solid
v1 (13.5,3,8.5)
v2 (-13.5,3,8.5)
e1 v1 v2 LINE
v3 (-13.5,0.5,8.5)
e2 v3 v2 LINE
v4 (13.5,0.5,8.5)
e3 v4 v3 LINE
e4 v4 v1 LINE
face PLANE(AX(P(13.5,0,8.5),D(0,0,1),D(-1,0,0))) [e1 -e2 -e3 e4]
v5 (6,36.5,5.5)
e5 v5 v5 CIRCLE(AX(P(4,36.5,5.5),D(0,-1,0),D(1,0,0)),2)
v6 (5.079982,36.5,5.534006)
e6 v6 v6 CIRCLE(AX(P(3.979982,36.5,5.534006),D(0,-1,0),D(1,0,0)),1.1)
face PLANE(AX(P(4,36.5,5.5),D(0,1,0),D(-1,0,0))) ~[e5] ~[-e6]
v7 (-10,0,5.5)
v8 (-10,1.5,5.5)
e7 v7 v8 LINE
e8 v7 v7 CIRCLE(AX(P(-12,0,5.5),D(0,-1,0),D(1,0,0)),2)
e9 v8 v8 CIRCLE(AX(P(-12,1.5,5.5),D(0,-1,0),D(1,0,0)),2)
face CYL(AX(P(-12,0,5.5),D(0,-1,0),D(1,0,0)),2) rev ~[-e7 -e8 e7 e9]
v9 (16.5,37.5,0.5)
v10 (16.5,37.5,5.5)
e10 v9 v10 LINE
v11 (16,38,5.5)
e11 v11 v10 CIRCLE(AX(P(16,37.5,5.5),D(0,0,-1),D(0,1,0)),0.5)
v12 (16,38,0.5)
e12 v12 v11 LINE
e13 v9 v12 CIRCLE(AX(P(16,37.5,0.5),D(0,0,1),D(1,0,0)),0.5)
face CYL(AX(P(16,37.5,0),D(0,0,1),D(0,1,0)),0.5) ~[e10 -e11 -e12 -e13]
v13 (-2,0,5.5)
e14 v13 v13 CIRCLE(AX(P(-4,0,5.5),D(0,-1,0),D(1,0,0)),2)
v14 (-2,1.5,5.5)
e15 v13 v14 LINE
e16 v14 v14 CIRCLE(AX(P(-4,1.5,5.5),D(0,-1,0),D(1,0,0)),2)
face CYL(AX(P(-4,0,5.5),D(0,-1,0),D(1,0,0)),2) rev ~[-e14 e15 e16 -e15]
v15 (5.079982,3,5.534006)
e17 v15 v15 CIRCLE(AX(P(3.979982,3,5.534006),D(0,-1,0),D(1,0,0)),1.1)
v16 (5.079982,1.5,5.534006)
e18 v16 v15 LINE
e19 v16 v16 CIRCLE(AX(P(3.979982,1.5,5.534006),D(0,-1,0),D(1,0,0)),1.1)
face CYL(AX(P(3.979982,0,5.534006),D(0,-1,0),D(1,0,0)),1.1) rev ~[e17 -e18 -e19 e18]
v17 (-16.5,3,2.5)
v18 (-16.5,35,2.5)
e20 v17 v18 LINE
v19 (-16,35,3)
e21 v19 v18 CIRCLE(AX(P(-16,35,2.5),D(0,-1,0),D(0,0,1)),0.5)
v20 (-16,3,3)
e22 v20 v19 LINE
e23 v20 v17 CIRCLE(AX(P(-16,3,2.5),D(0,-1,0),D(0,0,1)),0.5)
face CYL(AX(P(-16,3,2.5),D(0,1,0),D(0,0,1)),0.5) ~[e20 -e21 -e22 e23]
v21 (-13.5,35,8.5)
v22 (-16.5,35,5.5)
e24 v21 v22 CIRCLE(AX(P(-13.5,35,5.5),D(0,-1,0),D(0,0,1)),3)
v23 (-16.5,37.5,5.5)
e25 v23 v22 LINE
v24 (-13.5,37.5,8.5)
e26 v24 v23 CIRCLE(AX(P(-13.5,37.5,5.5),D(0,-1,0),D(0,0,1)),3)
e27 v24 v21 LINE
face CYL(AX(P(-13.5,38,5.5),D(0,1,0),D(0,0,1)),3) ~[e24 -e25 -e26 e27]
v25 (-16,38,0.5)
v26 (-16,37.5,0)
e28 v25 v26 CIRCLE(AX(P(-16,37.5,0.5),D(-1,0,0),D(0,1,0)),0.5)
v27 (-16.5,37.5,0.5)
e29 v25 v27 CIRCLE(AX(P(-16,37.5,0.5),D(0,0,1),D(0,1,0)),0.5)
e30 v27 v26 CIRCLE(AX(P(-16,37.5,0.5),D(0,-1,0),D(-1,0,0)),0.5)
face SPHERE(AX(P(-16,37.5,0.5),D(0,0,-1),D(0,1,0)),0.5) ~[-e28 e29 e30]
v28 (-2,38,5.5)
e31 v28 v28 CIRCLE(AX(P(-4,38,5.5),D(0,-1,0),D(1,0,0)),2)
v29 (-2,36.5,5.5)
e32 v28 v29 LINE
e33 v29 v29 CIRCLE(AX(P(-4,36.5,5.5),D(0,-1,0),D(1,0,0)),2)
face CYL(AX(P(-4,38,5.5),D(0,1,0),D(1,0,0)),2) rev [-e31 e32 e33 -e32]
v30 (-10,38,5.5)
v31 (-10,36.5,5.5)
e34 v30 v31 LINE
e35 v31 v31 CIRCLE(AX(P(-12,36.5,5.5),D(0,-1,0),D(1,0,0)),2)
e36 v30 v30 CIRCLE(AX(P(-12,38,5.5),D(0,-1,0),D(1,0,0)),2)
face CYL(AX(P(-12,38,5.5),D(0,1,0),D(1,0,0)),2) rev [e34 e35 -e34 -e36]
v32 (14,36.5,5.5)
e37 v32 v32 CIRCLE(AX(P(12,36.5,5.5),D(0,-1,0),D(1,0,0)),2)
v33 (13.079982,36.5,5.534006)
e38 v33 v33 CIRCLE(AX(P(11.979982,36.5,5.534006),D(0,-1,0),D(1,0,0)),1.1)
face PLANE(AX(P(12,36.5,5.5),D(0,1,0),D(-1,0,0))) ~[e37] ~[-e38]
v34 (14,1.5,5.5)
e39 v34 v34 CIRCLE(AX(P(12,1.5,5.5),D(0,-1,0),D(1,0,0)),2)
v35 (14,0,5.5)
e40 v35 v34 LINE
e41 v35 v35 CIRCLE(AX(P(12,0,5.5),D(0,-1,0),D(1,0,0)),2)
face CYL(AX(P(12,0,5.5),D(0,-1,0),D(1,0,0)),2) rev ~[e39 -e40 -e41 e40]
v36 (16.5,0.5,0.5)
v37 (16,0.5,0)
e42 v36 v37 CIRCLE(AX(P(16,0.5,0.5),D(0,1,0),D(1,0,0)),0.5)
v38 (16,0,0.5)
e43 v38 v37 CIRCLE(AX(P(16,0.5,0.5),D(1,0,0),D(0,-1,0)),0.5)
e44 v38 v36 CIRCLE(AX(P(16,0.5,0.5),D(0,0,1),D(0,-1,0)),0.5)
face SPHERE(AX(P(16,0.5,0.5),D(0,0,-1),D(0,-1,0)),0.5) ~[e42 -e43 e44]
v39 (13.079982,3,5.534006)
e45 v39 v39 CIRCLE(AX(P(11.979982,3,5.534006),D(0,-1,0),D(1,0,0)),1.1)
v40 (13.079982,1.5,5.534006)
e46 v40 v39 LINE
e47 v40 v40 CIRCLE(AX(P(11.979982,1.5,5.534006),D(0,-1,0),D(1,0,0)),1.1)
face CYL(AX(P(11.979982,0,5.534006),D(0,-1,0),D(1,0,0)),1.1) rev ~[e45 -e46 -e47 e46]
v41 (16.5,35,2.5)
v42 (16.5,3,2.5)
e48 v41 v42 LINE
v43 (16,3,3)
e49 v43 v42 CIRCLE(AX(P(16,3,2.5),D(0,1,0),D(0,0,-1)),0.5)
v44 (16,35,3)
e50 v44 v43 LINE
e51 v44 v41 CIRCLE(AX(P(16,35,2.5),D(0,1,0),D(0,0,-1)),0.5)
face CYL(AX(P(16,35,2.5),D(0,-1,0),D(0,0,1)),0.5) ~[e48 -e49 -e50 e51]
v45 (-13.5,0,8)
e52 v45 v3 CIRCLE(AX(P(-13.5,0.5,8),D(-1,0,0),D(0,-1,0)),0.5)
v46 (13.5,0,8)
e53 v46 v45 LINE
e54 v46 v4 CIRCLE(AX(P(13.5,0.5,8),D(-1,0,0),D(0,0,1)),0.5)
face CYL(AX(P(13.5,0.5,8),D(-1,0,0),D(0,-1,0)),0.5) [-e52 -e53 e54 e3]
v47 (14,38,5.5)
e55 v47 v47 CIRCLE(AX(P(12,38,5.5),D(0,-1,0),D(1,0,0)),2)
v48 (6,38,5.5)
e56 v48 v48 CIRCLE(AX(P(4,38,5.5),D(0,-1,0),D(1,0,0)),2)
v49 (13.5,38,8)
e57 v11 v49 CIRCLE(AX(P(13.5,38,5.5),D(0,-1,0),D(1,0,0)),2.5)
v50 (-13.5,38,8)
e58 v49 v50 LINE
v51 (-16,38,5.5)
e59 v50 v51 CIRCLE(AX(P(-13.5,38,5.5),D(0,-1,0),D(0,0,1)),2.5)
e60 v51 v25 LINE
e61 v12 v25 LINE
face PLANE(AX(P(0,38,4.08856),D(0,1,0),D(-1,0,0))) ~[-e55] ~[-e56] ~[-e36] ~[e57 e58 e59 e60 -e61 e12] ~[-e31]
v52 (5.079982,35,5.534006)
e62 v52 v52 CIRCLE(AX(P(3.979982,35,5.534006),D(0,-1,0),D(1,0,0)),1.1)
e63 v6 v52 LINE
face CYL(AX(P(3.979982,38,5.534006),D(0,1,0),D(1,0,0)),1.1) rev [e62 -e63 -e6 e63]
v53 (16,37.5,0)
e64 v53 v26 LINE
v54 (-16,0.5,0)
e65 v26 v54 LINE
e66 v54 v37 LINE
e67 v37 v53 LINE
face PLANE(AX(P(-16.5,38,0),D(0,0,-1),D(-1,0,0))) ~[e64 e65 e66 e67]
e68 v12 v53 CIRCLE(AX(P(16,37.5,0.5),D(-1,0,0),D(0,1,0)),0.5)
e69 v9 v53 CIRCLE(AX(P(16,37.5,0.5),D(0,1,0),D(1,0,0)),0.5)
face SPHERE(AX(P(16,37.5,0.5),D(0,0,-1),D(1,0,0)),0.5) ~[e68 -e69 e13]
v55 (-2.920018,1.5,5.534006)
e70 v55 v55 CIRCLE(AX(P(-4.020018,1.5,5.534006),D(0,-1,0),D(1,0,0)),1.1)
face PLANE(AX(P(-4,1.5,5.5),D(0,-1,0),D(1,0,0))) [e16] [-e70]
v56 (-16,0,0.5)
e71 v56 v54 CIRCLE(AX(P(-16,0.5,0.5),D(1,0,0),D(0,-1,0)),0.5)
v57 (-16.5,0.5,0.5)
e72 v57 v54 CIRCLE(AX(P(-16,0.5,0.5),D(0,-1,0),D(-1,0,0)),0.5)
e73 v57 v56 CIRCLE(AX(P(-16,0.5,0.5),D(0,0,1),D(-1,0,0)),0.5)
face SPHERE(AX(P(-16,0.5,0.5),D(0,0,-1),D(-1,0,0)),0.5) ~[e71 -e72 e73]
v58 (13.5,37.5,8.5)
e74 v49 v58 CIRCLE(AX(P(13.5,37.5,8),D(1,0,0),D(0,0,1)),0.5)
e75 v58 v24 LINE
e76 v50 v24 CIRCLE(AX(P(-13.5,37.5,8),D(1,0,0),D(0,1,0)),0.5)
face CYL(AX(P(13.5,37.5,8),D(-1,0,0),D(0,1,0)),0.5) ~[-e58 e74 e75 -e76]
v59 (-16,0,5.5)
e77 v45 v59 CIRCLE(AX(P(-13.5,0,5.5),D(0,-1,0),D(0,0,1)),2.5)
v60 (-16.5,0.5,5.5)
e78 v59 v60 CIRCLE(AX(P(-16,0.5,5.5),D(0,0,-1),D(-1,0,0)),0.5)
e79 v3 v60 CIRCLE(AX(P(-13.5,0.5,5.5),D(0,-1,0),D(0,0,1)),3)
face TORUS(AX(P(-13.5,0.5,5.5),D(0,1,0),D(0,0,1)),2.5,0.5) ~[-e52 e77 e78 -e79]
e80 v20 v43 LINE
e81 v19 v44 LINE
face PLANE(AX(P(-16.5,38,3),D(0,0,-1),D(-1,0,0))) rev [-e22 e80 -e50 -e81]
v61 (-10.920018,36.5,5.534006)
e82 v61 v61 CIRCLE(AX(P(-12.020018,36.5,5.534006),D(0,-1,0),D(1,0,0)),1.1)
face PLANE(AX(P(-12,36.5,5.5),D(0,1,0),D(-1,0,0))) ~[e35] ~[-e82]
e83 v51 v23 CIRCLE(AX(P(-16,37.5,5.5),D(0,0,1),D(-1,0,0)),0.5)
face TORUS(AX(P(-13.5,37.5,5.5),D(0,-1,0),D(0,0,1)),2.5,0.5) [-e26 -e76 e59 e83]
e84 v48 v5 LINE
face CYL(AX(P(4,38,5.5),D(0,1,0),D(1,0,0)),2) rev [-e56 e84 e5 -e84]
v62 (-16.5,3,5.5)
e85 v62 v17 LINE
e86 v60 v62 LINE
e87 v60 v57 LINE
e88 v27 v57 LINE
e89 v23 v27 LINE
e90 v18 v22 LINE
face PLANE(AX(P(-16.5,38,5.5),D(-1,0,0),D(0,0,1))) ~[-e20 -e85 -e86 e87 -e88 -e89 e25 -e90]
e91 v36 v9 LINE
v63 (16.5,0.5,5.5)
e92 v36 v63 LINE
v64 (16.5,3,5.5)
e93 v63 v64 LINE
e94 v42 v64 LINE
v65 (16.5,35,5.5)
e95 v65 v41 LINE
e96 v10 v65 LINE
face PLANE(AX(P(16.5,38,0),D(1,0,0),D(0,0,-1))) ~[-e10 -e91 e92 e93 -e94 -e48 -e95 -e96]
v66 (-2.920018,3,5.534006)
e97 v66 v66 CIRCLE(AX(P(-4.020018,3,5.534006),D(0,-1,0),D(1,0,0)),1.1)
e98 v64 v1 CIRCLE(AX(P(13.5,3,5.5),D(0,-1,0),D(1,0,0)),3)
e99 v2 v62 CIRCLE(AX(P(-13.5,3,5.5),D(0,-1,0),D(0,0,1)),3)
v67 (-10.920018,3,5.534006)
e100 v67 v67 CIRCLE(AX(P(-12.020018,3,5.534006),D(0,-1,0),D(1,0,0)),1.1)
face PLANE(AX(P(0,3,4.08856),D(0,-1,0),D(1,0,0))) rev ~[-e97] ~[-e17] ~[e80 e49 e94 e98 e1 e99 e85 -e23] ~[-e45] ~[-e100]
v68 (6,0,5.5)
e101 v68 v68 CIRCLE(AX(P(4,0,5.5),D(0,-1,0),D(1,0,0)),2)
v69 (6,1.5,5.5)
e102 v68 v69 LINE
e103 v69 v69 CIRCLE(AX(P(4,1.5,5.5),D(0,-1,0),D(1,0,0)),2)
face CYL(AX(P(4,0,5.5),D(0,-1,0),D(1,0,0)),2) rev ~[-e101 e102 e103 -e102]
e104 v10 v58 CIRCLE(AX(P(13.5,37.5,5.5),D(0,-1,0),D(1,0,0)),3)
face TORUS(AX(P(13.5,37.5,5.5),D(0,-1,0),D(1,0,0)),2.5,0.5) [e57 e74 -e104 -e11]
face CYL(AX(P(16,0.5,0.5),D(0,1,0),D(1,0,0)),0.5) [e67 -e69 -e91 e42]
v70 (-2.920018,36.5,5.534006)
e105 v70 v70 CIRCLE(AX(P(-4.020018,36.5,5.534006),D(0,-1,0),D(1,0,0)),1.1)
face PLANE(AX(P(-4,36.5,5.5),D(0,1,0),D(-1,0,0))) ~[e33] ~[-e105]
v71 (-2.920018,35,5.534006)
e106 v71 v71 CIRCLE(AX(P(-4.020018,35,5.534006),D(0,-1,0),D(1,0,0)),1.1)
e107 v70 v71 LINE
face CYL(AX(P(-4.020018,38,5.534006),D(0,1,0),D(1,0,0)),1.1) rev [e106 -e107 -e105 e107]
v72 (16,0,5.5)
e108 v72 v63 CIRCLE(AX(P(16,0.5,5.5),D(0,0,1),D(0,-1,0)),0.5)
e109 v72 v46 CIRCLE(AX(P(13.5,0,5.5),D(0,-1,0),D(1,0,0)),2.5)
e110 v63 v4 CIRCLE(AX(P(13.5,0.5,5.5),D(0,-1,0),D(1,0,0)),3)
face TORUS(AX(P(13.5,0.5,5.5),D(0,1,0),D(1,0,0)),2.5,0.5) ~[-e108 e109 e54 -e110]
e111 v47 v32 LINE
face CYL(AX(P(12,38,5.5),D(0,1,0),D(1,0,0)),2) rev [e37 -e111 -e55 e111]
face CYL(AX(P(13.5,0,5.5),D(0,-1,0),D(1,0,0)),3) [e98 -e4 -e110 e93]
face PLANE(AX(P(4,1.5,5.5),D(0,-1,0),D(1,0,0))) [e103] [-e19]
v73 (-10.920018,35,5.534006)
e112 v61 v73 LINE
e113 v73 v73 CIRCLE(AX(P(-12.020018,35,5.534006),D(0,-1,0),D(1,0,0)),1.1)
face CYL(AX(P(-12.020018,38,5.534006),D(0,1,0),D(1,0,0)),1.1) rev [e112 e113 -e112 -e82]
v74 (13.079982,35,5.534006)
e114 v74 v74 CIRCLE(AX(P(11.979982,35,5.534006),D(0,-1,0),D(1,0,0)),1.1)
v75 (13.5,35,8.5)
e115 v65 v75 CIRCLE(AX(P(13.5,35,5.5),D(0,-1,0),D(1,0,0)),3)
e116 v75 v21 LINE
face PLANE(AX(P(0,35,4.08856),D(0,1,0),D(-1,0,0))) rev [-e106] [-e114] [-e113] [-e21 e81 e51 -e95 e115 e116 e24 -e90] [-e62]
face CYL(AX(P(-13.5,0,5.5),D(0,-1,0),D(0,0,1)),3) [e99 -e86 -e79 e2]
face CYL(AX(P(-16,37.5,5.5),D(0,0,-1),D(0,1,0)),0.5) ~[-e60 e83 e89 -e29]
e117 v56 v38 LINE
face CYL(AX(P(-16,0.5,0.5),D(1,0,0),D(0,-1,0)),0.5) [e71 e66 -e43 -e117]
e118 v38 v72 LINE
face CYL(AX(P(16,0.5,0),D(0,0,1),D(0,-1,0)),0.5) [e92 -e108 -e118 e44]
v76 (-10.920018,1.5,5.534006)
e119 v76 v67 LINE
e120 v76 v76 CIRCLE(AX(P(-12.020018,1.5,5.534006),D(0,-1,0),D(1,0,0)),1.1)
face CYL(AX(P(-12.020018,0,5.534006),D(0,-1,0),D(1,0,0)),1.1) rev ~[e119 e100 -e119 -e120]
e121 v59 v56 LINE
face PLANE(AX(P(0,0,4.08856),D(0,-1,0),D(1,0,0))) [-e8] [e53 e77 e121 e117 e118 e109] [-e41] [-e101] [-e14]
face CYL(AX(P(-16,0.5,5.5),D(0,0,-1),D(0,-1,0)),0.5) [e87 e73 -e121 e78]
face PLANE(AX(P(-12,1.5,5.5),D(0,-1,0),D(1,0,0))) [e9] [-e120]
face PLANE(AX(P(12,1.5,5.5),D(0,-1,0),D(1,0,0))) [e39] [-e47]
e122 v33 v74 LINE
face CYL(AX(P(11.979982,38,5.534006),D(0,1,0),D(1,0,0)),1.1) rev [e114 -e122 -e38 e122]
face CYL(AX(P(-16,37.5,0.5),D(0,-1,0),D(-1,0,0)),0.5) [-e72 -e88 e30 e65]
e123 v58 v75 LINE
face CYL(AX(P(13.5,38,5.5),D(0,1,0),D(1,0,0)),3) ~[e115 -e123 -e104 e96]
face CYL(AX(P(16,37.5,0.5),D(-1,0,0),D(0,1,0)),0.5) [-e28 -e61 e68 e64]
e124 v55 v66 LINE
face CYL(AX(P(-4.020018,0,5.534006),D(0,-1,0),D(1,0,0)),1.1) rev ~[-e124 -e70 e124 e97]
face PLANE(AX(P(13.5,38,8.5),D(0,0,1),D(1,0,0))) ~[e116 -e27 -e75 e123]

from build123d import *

# Parameters (mm, degrees)
F4_DEPTH = 3
F1_R     = 2
F5_DEPTH = 1.5
F2_R     = 1.1
F6_DEPTH = 3
F3_W     = 33
F3_H     = 3
F7_DEPTH = 19
F9_R     = 0.5
F10_R    = 0.5


with BuildPart() as f4:
    # F0 (on Front) → F4 (new body)
    with BuildSketch(Plane.XZ):
        with BuildLine():
            Line((13.5, 8.5), (-13.5, 8.5))
            ThreePointArc((-13.5, 8.5), (-15.6213203436, 7.6213203436), (-16.5, 5.5))
            Line((-16.5, 5.5), (-16.5, 0))
            Line((-16.5, 0), (16.5, 0))
            Line((16.5, 0), (16.5, 5.5))
            ThreePointArc((16.5, 5.5), (15.6213203436, 7.6213203436), (13.5, 8.5))
        make_face()
    extrude(amount=-F4_DEPTH)

    # F1 (on Front) → F5 (cut)
    with BuildSketch(Plane.XZ):
        with Locations((-12, 5.5)):
            Circle(F1_R)
        with Locations((-4, 5.5)):
            Circle(F1_R)
        with Locations((4, 5.5)):
            Circle(F1_R)
        with Locations((12, 5.5)):
            Circle(F1_R)
    extrude(amount=-F5_DEPTH, mode=Mode.SUBTRACT)

    # F2 (on Front) → F6 (cut)
    with BuildSketch(Plane.XZ):
        with Locations((-12.0200179517, 5.5340062827)):
            Circle(F2_R)
        with Locations((-4.0200179517, 5.5340062827)):
            Circle(F2_R)
        with Locations((3.9799820483, 5.5340062827)):
            Circle(F2_R)
        with Locations((11.9799820483, 5.5340062827)):
            Circle(F2_R)
    extrude(amount=-F6_DEPTH, mode=Mode.SUBTRACT)

    # F3 (on Front) → F7 (join)
    with BuildSketch(Plane.XZ):
        with Locations((0, 1.5)):
            Rectangle(F3_W, F3_H)
    extrude(amount=-F7_DEPTH)

    # F8: F4 across face


with BuildPart() as f4_1:
    add(f4.part)
    add(f4.part.mirror(Plane(origin=(0, 19, 1.5), x_dir=(1, 0, 0), z_dir=(0, 1, 0))))

    # F9
    f9_edges = [f4_1.edges().sort_by_distance(p)[0] for p in [
        (0, 0, 8.5),
        (0, 38, 8.5),
        (16.5, 19, 3),
        (-16.5, 19, 3),
    ]]
    fillet(f9_edges, radius=F9_R)

    # F10
    f10_edges = [f4_1.edges().sort_by_distance(p)[0] for p in [
        (-16.5, 19, 0),
        (-16.353553, 37.853553, 0),
        (-16.353553, 0.146447, 0),
        (0, 38, 0),
        (0, 0, 0),
        (16.353553, 37.853553, 0),
        (16.353553, 0.146447, 0),
        (16.5, 19, 0),
    ]]
    fillet(f10_edges, radius=F10_R)


solid = f4_1.part
